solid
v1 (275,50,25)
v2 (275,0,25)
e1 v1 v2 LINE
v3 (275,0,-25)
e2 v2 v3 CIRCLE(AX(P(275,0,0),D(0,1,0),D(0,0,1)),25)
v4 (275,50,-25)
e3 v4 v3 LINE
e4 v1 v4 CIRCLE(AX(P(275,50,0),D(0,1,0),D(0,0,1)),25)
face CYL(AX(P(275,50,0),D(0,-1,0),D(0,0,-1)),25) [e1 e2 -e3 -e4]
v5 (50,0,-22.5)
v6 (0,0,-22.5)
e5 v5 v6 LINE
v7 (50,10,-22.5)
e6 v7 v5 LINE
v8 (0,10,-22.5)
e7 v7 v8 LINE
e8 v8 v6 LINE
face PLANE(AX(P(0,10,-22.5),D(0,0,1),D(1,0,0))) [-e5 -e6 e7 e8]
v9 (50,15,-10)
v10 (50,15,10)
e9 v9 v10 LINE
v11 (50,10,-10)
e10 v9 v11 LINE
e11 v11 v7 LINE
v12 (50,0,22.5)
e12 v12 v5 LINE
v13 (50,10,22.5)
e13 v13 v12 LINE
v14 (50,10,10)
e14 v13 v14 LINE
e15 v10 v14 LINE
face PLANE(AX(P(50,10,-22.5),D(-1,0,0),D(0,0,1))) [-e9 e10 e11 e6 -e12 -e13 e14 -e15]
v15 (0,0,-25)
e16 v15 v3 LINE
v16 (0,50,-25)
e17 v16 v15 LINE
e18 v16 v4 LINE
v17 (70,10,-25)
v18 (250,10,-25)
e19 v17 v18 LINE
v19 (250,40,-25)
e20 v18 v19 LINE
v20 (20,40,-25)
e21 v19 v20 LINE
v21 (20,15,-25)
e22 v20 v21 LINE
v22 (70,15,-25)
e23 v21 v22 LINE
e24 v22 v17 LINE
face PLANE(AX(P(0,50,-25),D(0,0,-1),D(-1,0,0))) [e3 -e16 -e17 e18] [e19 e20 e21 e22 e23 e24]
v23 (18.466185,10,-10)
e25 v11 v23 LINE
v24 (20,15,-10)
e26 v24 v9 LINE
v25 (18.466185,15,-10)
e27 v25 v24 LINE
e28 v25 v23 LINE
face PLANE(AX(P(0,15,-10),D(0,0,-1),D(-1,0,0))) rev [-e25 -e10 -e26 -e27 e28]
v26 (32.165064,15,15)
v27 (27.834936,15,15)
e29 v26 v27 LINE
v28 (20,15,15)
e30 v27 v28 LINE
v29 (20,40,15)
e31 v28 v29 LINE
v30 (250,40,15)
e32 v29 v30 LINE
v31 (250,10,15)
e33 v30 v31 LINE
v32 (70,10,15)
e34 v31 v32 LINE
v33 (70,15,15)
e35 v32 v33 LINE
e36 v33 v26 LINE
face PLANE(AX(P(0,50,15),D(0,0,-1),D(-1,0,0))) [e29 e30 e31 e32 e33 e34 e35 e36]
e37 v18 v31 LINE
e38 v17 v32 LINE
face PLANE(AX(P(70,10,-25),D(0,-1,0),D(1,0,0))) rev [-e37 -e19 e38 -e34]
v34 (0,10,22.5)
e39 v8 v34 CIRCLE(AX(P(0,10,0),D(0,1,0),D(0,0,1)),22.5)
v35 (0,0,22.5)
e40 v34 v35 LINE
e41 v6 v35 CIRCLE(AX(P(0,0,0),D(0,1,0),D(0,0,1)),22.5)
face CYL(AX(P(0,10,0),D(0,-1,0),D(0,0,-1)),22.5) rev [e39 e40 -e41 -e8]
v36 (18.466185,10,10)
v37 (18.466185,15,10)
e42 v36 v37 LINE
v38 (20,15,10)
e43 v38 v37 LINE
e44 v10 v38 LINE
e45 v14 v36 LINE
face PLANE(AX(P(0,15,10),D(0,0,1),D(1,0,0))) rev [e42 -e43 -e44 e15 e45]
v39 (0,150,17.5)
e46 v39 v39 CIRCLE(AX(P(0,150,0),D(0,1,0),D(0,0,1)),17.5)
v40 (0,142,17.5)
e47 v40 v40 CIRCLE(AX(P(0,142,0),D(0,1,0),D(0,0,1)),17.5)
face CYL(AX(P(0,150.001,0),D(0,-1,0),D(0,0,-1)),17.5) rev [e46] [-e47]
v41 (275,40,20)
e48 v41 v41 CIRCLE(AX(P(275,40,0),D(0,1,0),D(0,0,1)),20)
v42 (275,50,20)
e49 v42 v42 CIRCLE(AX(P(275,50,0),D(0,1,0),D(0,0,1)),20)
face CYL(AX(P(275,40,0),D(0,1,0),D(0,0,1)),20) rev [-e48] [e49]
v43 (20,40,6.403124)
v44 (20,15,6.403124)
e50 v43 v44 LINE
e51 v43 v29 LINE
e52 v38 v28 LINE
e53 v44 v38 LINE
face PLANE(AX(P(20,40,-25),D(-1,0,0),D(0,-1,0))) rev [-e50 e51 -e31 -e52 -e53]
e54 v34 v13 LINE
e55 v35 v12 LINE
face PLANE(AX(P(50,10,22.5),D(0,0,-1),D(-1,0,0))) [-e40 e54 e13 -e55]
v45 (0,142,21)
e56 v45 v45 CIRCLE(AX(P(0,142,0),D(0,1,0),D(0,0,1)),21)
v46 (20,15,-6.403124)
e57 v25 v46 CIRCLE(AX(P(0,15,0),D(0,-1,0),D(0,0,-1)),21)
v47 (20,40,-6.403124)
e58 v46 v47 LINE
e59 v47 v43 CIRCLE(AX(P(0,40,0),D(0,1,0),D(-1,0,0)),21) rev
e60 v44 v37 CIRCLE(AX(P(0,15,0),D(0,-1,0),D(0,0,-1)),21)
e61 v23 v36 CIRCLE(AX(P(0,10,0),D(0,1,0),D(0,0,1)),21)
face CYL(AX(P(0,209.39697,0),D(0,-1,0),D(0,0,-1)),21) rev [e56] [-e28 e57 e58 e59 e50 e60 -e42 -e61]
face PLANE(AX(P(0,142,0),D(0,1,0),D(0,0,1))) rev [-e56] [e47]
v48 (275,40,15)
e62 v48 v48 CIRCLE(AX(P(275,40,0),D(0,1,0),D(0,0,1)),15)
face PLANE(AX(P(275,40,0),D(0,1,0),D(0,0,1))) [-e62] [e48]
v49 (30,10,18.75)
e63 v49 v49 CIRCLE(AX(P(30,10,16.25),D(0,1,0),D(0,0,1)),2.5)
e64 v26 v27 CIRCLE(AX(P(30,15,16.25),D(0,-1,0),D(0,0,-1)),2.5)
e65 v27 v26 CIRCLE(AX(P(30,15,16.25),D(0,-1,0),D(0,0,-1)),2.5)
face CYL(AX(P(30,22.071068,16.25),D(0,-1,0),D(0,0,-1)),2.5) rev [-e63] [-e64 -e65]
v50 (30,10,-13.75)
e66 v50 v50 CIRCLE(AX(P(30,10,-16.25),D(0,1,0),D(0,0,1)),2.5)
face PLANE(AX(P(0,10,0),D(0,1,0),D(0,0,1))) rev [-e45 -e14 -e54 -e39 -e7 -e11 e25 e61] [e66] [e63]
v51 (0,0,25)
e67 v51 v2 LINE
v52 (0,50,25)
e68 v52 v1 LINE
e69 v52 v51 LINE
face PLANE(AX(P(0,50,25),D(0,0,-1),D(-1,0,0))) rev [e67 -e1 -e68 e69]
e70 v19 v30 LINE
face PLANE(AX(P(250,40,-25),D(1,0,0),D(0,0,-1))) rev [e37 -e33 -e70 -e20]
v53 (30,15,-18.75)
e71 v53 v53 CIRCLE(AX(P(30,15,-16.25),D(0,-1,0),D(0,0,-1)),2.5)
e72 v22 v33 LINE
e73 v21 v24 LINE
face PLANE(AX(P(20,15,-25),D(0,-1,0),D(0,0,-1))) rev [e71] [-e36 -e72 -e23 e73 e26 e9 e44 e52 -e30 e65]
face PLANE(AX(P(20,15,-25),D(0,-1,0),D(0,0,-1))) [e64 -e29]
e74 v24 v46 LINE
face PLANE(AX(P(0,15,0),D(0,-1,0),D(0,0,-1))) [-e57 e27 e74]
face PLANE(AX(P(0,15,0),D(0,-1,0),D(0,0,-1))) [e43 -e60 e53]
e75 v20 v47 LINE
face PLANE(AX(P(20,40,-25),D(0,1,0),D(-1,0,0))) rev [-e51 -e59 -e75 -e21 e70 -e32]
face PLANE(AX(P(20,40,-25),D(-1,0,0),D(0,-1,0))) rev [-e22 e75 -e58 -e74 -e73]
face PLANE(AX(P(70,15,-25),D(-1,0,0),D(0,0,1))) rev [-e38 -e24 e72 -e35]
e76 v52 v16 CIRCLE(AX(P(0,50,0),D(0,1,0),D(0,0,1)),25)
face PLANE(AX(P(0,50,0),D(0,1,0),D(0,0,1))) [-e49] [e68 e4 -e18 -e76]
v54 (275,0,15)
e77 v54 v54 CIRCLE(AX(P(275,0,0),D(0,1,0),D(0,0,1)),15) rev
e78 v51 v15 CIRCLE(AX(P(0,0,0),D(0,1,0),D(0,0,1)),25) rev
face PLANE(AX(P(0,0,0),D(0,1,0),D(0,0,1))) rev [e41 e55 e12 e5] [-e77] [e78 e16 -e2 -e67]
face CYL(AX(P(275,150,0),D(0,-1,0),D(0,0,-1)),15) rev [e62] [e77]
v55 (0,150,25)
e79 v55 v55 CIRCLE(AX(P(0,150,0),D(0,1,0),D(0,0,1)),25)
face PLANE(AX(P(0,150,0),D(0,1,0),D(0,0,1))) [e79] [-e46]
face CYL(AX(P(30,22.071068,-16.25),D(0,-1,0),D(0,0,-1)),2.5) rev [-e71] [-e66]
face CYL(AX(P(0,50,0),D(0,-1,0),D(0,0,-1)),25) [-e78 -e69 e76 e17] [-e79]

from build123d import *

# Parameters (mm, degrees)
RECTWITHARC_W              = 275
RECTWITHARC_H              = 50
ARMBASE_DEPTH              = 50
ARMCOLLAR_START            = 50
SKETCH5_R                  = 25
ARMCOLLAR_DEPTH            = 100
CUT_EXTRUDE1_REACH         = 152
SHAFTKEY_R                 = 17.5
HOLLOWMIDDLE_DEPTH         = 15
HOLLOWMIDDLE_DEPTH_BACK    = 26
J2SHAFTHOLE_R              = 15
JOINT2SHAFTHOLE_DEPTH      = 151
JOINT2SHAFTHOLE_DEPTH_BACK = 10
J2SHAFTCOUNTERSINK_START   = 50
SKETCH4_R                  = 20
J2SHAFTCOUNTERSINK_DEPTH   = 10
SKETCH6_R                  = 21
INNERDIAMETER_DEPTH        = 142
CUT_EXTRUDE11_DEPTH        = 10
CUT_EXTRUDE12_START        = 10
SKETCH9_W                  = 50
SKETCH9_H                  = 20
CUT_EXTRUDE12_DEPTH        = 5
CUT_EXTRUDE13_START        = 10
SKETCH11_R                 = 2.5
CUT_EXTRUDE13_DEPTH        = 5


with BuildPart() as part:
    # RectwithArc → ArmBase (new body)
    with BuildSketch(Plane(origin=(0, 0, 0), x_dir=(1, 0, 0), z_dir=(0, 1, 0))):
        with BuildLine():
            ThreePointArc((0, -25), (-25, 0), (0, 25))
            Line((0, 25), (0, -25))
        make_face()
        with Locations((137.5, 0)):
            Rectangle(RECTWITHARC_W, RECTWITHARC_H)
        with BuildLine():
            Line((275, 25), (275, -25))
            ThreePointArc((275, -25), (300, 0), (275, 25))
        make_face()
    extrude(amount=ARMBASE_DEPTH)

    # Sketch5 → ArmCollar (add)
    with BuildSketch(Plane(origin=(0, 0, 0), x_dir=(1, 0, 0), z_dir=(0, 1, 0)).offset(ARMCOLLAR_START)):
        Circle(SKETCH5_R)
    extrude(amount=ARMCOLLAR_DEPTH)

    # ShaftKey → Cut-Extrude1 (cut, up to next)
    with BuildSketch(Plane(origin=(0, 0, 0), x_dir=(1, 0, 0), z_dir=(0, 1, 0)), mode=Mode.PRIVATE) as cut_extrude1_sk1:
        Circle(SHAFTKEY_R)
    cut_extrude1_tool1 = extrude(cut_extrude1_sk1.sketch, amount=CUT_EXTRUDE1_REACH, mode=Mode.PRIVATE) & part.part
    add(cut_extrude1_tool1.solids().sort_by_distance((0, 0, 0))[0], mode=Mode.SUBTRACT)

    # Sketch1 → HollowMIddle (cut, two sides)
    with BuildSketch(Plane.XY) as hollowmiddle_sk:
        Polygon((20, 40), (250, 40), (250, 10), (70, 10), (70, 15), (20, 15), align=None)
    extrude(amount=HOLLOWMIDDLE_DEPTH, mode=Mode.SUBTRACT)
    extrude(hollowmiddle_sk.sketch, amount=-HOLLOWMIDDLE_DEPTH_BACK, mode=Mode.SUBTRACT)

    # J2ShaftHole → Joint2ShaftHole (cut, two sides)
    with BuildSketch(Plane(origin=(0, 0, 0), x_dir=(1, 0, 0), z_dir=(0, 1, 0))) as joint2shafthole_sk:
        with Locations((275, 0)):
            Circle(J2SHAFTHOLE_R)
    extrude(amount=JOINT2SHAFTHOLE_DEPTH, mode=Mode.SUBTRACT)
    extrude(joint2shafthole_sk.sketch, amount=-JOINT2SHAFTHOLE_DEPTH_BACK, mode=Mode.SUBTRACT)

    # Sketch4 → J2ShaftCounterSink (cut)
    with BuildSketch(Plane(origin=(0, 0, 0), x_dir=(1, 0, 0), z_dir=(0, 1, 0)).offset(J2SHAFTCOUNTERSINK_START)):
        with Locations((275, 0)):
            Circle(SKETCH4_R)
    extrude(amount=-J2SHAFTCOUNTERSINK_DEPTH, mode=Mode.SUBTRACT)

    # Sketch6 → InnerDiameter (cut)
    with BuildSketch(Plane(origin=(0, 0, 0), x_dir=(1, 0, 0), z_dir=(0, 1, 0))):
        Circle(SKETCH6_R)
    extrude(amount=INNERDIAMETER_DEPTH, mode=Mode.SUBTRACT)

    # Sketch10 → Cut-Extrude11 (cut)
    with BuildSketch(Plane(origin=(0, 0, 0), x_dir=(1, 0, 0), z_dir=(0, 1, 0))):
        with BuildLine():
            Line((0, 22.5), (50, 22.5))
            Line((50, 22.5), (50, -22.5))
            Line((50, -22.5), (0, -22.5))
            ThreePointArc((0, -22.5), (-22.5, 0), (0, 22.5))
        make_face()
    extrude(amount=CUT_EXTRUDE11_DEPTH, mode=Mode.SUBTRACT)

    # Sketch9 → Cut-Extrude12 (cut)
    with BuildSketch(Plane(origin=(0, 0, 0), x_dir=(1, 0, 0), z_dir=(0, 1, 0)).offset(CUT_EXTRUDE12_START)):
        with Locations((25, 0)):
            Rectangle(SKETCH9_W, SKETCH9_H)
    extrude(amount=CUT_EXTRUDE12_DEPTH, mode=Mode.SUBTRACT)

    # Sketch11 → Cut-Extrude13 (cut)
    with BuildSketch(Plane(origin=(0, 0, 0), x_dir=(1, 0, 0), z_dir=(0, 1, 0)).offset(CUT_EXTRUDE13_START)):
        with Locations((30, 16.25)):
            Circle(SKETCH11_R)
        with Locations((30, -16.25)):
            Circle(SKETCH11_R)
    extrude(amount=CUT_EXTRUDE13_DEPTH, mode=Mode.SUBTRACT)


solid = part.part
